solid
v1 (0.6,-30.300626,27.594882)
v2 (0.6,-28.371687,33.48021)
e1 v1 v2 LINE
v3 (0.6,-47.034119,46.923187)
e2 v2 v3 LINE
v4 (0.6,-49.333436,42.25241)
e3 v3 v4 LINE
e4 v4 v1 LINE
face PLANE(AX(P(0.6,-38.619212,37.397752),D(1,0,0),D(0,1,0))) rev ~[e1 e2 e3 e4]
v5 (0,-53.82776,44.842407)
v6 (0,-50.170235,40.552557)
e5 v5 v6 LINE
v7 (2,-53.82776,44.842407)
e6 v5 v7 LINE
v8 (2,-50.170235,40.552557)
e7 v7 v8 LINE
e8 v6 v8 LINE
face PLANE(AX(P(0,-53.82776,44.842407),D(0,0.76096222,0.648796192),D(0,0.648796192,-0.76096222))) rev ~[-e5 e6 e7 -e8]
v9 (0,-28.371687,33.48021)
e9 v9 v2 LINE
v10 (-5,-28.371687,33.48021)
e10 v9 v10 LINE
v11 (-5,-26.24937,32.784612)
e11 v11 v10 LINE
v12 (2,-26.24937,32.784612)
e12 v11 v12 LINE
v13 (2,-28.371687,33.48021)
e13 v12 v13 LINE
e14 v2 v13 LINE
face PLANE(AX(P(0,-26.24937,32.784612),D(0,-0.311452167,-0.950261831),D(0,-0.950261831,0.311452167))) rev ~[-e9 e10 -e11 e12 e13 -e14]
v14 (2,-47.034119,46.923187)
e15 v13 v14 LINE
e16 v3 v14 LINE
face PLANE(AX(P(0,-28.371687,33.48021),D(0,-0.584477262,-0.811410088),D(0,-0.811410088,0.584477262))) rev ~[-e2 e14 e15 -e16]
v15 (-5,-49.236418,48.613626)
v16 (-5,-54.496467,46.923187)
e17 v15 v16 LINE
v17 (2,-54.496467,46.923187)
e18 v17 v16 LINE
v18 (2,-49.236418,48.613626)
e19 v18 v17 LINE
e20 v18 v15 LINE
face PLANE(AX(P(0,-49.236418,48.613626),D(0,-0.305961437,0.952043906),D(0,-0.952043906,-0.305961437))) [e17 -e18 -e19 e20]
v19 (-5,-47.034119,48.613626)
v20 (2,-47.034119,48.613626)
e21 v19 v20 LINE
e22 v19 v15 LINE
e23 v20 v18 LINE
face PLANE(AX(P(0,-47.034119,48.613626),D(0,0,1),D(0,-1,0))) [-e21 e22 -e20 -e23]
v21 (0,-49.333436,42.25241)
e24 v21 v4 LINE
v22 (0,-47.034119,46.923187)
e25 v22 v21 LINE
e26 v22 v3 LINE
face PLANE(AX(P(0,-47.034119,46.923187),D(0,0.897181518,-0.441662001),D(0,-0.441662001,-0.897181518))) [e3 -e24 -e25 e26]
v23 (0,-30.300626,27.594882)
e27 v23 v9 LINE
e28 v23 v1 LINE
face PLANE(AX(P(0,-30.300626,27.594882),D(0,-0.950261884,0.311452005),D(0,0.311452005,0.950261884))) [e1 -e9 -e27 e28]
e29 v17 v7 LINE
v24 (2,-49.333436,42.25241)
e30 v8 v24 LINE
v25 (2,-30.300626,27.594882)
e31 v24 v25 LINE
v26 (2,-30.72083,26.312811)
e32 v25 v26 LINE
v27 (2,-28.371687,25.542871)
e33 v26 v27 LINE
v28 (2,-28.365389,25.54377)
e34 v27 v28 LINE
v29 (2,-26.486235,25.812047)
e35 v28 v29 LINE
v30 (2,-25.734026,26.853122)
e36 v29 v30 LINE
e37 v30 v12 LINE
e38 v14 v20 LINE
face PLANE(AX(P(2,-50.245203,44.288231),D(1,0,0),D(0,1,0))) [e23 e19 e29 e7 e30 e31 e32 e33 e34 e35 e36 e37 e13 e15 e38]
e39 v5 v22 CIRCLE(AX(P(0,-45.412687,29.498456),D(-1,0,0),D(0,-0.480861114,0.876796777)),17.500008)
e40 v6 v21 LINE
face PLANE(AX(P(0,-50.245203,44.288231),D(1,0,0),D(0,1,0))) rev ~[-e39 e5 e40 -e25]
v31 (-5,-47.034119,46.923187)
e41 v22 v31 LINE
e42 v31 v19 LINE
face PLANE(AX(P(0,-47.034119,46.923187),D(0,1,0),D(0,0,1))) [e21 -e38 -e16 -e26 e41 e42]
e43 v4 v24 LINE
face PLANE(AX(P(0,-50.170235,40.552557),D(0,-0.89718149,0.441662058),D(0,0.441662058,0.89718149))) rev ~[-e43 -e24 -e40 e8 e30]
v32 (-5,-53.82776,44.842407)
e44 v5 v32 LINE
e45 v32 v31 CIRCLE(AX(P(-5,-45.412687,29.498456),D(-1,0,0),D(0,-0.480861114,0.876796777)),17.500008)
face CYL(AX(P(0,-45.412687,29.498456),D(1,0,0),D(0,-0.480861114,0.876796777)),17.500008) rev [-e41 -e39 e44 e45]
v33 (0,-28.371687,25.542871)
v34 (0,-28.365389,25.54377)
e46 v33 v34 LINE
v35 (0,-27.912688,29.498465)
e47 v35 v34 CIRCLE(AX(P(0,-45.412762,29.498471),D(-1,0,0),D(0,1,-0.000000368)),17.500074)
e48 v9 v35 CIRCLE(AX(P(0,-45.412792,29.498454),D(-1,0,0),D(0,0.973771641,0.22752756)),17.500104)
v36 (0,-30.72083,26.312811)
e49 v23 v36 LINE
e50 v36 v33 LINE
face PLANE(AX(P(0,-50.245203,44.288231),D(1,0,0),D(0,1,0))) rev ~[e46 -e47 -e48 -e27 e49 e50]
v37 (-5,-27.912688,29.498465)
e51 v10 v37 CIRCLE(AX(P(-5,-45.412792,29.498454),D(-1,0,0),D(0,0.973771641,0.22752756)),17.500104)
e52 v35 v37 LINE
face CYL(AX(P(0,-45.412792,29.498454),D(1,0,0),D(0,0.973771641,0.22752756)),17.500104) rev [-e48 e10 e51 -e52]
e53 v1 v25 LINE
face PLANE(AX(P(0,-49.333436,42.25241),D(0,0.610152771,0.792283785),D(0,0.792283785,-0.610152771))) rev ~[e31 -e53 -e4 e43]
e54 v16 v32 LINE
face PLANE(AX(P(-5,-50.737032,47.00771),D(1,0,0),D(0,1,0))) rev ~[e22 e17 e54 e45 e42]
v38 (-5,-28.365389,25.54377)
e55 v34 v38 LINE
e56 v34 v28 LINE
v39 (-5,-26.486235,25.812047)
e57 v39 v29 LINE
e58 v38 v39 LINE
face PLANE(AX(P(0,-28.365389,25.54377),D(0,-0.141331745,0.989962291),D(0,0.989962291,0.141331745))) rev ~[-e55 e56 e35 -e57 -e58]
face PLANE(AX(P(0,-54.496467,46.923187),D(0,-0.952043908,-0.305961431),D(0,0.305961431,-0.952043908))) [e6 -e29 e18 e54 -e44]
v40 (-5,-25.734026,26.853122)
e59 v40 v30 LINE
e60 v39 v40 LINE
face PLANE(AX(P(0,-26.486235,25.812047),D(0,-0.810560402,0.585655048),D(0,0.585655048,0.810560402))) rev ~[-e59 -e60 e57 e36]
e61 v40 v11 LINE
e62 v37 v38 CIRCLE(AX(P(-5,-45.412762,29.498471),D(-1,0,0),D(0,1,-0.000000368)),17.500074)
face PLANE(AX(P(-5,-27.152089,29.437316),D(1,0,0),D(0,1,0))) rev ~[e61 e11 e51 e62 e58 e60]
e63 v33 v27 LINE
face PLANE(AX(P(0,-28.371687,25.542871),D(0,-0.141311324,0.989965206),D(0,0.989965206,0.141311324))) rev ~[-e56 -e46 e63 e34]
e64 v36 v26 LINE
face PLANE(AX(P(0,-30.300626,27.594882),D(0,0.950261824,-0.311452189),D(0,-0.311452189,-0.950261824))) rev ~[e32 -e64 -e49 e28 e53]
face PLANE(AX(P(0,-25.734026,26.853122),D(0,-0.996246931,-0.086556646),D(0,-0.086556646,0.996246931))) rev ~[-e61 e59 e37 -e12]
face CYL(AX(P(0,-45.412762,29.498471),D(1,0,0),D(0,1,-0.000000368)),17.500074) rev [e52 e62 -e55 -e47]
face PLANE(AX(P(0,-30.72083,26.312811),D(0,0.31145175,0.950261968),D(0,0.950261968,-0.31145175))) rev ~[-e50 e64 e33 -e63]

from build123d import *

# Parameters (mm, degrees)
F1_DEPTH = 2
F2_DEPTH = 0.6
F3_DEPTH = 5


with BuildPart() as f1:
    # F0 (on Right) → F1 (new body)
    with BuildSketch(Plane.YZ):
        with BuildLine():
            Line((-49.333436, 42.25241), (-47.034119, 46.923187))
            ThreePointArc((-47.034119, 46.923187), (-50.537652, 46.231209), (-53.82776, 44.842407))
            Line((-53.82776, 44.842407), (-50.170235, 40.552557))
            Line((-50.170235, 40.552557), (-49.333436, 42.25241))
        make_face()
        Polygon((-30.300626, 27.594882), (-28.371687, 33.48021), (-47.034119, 46.923187), (-49.333436, 42.25241), align=None)
        with BuildLine():
            ThreePointArc((-28.365389, 25.54377), (-28.026232, 27.508204), (-27.912688, 29.498465))
            ThreePointArc((-27.912688, 29.498465), (-28.027817, 31.502521), (-28.371687, 33.48021))
            Line((-28.371687, 33.48021), (-30.300626, 27.594882))
            Line((-30.300626, 27.594882), (-30.72083, 26.312811))
            Line((-30.72083, 26.312811), (-28.371687, 25.542871))
            Line((-28.371687, 25.542871), (-28.365389, 25.54377))
        make_face()
        with BuildLine():
            ThreePointArc((-28.371687, 33.48021), (-28.027817, 31.502521), (-27.912688, 29.498465))
            ThreePointArc((-27.912688, 29.498465), (-28.026232, 27.508204), (-28.365389, 25.54377))
            Line((-28.365389, 25.54377), (-26.486235, 25.812047))
            Line((-26.486235, 25.812047), (-25.734026, 26.853122))
            Line((-25.734026, 26.853122), (-26.24937, 32.784612))
            Line((-26.24937, 32.784612), (-28.371687, 33.48021))
        make_face()
        with BuildLine():
            ThreePointArc((-53.82776, 44.842407), (-50.537652, 46.231209), (-47.034119, 46.923187))
            Line((-47.034119, 46.923187), (-47.034119, 48.613626))
            Line((-47.034119, 48.613626), (-49.236418, 48.613626))
            Line((-49.236418, 48.613626), (-54.496467, 46.923187))
            Line((-54.496467, 46.923187), (-53.82776, 44.842407))
        make_face()
    extrude(amount=F1_DEPTH)

    # F0 (on Right) → F2 (cut)
    with BuildSketch(Plane.YZ):
        Polygon((-30.300626, 27.594882), (-28.371687, 33.48021), (-47.034119, 46.923187), (-49.333436, 42.25241), align=None)
    extrude(amount=F2_DEPTH, mode=Mode.SUBTRACT)

    # F0 (on Right) → F3 (join)
    with BuildSketch(Plane.YZ):
        with BuildLine():
            ThreePointArc((-53.82776, 44.842407), (-50.537652, 46.231209), (-47.034119, 46.923187))
            Line((-47.034119, 46.923187), (-47.034119, 48.613626))
            Line((-47.034119, 48.613626), (-49.236418, 48.613626))
            Line((-49.236418, 48.613626), (-54.496467, 46.923187))
            Line((-54.496467, 46.923187), (-53.82776, 44.842407))
        make_face()
        with BuildLine():
            ThreePointArc((-28.371687, 33.48021), (-28.027817, 31.502521), (-27.912688, 29.498465))
            ThreePointArc((-27.912688, 29.498465), (-28.026232, 27.508204), (-28.365389, 25.54377))
            Line((-28.365389, 25.54377), (-26.486235, 25.812047))
            Line((-26.486235, 25.812047), (-25.734026, 26.853122))
            Line((-25.734026, 26.853122), (-26.24937, 32.784612))
            Line((-26.24937, 32.784612), (-28.371687, 33.48021))
        make_face()
    extrude(amount=-F3_DEPTH)


solid = f1.part
